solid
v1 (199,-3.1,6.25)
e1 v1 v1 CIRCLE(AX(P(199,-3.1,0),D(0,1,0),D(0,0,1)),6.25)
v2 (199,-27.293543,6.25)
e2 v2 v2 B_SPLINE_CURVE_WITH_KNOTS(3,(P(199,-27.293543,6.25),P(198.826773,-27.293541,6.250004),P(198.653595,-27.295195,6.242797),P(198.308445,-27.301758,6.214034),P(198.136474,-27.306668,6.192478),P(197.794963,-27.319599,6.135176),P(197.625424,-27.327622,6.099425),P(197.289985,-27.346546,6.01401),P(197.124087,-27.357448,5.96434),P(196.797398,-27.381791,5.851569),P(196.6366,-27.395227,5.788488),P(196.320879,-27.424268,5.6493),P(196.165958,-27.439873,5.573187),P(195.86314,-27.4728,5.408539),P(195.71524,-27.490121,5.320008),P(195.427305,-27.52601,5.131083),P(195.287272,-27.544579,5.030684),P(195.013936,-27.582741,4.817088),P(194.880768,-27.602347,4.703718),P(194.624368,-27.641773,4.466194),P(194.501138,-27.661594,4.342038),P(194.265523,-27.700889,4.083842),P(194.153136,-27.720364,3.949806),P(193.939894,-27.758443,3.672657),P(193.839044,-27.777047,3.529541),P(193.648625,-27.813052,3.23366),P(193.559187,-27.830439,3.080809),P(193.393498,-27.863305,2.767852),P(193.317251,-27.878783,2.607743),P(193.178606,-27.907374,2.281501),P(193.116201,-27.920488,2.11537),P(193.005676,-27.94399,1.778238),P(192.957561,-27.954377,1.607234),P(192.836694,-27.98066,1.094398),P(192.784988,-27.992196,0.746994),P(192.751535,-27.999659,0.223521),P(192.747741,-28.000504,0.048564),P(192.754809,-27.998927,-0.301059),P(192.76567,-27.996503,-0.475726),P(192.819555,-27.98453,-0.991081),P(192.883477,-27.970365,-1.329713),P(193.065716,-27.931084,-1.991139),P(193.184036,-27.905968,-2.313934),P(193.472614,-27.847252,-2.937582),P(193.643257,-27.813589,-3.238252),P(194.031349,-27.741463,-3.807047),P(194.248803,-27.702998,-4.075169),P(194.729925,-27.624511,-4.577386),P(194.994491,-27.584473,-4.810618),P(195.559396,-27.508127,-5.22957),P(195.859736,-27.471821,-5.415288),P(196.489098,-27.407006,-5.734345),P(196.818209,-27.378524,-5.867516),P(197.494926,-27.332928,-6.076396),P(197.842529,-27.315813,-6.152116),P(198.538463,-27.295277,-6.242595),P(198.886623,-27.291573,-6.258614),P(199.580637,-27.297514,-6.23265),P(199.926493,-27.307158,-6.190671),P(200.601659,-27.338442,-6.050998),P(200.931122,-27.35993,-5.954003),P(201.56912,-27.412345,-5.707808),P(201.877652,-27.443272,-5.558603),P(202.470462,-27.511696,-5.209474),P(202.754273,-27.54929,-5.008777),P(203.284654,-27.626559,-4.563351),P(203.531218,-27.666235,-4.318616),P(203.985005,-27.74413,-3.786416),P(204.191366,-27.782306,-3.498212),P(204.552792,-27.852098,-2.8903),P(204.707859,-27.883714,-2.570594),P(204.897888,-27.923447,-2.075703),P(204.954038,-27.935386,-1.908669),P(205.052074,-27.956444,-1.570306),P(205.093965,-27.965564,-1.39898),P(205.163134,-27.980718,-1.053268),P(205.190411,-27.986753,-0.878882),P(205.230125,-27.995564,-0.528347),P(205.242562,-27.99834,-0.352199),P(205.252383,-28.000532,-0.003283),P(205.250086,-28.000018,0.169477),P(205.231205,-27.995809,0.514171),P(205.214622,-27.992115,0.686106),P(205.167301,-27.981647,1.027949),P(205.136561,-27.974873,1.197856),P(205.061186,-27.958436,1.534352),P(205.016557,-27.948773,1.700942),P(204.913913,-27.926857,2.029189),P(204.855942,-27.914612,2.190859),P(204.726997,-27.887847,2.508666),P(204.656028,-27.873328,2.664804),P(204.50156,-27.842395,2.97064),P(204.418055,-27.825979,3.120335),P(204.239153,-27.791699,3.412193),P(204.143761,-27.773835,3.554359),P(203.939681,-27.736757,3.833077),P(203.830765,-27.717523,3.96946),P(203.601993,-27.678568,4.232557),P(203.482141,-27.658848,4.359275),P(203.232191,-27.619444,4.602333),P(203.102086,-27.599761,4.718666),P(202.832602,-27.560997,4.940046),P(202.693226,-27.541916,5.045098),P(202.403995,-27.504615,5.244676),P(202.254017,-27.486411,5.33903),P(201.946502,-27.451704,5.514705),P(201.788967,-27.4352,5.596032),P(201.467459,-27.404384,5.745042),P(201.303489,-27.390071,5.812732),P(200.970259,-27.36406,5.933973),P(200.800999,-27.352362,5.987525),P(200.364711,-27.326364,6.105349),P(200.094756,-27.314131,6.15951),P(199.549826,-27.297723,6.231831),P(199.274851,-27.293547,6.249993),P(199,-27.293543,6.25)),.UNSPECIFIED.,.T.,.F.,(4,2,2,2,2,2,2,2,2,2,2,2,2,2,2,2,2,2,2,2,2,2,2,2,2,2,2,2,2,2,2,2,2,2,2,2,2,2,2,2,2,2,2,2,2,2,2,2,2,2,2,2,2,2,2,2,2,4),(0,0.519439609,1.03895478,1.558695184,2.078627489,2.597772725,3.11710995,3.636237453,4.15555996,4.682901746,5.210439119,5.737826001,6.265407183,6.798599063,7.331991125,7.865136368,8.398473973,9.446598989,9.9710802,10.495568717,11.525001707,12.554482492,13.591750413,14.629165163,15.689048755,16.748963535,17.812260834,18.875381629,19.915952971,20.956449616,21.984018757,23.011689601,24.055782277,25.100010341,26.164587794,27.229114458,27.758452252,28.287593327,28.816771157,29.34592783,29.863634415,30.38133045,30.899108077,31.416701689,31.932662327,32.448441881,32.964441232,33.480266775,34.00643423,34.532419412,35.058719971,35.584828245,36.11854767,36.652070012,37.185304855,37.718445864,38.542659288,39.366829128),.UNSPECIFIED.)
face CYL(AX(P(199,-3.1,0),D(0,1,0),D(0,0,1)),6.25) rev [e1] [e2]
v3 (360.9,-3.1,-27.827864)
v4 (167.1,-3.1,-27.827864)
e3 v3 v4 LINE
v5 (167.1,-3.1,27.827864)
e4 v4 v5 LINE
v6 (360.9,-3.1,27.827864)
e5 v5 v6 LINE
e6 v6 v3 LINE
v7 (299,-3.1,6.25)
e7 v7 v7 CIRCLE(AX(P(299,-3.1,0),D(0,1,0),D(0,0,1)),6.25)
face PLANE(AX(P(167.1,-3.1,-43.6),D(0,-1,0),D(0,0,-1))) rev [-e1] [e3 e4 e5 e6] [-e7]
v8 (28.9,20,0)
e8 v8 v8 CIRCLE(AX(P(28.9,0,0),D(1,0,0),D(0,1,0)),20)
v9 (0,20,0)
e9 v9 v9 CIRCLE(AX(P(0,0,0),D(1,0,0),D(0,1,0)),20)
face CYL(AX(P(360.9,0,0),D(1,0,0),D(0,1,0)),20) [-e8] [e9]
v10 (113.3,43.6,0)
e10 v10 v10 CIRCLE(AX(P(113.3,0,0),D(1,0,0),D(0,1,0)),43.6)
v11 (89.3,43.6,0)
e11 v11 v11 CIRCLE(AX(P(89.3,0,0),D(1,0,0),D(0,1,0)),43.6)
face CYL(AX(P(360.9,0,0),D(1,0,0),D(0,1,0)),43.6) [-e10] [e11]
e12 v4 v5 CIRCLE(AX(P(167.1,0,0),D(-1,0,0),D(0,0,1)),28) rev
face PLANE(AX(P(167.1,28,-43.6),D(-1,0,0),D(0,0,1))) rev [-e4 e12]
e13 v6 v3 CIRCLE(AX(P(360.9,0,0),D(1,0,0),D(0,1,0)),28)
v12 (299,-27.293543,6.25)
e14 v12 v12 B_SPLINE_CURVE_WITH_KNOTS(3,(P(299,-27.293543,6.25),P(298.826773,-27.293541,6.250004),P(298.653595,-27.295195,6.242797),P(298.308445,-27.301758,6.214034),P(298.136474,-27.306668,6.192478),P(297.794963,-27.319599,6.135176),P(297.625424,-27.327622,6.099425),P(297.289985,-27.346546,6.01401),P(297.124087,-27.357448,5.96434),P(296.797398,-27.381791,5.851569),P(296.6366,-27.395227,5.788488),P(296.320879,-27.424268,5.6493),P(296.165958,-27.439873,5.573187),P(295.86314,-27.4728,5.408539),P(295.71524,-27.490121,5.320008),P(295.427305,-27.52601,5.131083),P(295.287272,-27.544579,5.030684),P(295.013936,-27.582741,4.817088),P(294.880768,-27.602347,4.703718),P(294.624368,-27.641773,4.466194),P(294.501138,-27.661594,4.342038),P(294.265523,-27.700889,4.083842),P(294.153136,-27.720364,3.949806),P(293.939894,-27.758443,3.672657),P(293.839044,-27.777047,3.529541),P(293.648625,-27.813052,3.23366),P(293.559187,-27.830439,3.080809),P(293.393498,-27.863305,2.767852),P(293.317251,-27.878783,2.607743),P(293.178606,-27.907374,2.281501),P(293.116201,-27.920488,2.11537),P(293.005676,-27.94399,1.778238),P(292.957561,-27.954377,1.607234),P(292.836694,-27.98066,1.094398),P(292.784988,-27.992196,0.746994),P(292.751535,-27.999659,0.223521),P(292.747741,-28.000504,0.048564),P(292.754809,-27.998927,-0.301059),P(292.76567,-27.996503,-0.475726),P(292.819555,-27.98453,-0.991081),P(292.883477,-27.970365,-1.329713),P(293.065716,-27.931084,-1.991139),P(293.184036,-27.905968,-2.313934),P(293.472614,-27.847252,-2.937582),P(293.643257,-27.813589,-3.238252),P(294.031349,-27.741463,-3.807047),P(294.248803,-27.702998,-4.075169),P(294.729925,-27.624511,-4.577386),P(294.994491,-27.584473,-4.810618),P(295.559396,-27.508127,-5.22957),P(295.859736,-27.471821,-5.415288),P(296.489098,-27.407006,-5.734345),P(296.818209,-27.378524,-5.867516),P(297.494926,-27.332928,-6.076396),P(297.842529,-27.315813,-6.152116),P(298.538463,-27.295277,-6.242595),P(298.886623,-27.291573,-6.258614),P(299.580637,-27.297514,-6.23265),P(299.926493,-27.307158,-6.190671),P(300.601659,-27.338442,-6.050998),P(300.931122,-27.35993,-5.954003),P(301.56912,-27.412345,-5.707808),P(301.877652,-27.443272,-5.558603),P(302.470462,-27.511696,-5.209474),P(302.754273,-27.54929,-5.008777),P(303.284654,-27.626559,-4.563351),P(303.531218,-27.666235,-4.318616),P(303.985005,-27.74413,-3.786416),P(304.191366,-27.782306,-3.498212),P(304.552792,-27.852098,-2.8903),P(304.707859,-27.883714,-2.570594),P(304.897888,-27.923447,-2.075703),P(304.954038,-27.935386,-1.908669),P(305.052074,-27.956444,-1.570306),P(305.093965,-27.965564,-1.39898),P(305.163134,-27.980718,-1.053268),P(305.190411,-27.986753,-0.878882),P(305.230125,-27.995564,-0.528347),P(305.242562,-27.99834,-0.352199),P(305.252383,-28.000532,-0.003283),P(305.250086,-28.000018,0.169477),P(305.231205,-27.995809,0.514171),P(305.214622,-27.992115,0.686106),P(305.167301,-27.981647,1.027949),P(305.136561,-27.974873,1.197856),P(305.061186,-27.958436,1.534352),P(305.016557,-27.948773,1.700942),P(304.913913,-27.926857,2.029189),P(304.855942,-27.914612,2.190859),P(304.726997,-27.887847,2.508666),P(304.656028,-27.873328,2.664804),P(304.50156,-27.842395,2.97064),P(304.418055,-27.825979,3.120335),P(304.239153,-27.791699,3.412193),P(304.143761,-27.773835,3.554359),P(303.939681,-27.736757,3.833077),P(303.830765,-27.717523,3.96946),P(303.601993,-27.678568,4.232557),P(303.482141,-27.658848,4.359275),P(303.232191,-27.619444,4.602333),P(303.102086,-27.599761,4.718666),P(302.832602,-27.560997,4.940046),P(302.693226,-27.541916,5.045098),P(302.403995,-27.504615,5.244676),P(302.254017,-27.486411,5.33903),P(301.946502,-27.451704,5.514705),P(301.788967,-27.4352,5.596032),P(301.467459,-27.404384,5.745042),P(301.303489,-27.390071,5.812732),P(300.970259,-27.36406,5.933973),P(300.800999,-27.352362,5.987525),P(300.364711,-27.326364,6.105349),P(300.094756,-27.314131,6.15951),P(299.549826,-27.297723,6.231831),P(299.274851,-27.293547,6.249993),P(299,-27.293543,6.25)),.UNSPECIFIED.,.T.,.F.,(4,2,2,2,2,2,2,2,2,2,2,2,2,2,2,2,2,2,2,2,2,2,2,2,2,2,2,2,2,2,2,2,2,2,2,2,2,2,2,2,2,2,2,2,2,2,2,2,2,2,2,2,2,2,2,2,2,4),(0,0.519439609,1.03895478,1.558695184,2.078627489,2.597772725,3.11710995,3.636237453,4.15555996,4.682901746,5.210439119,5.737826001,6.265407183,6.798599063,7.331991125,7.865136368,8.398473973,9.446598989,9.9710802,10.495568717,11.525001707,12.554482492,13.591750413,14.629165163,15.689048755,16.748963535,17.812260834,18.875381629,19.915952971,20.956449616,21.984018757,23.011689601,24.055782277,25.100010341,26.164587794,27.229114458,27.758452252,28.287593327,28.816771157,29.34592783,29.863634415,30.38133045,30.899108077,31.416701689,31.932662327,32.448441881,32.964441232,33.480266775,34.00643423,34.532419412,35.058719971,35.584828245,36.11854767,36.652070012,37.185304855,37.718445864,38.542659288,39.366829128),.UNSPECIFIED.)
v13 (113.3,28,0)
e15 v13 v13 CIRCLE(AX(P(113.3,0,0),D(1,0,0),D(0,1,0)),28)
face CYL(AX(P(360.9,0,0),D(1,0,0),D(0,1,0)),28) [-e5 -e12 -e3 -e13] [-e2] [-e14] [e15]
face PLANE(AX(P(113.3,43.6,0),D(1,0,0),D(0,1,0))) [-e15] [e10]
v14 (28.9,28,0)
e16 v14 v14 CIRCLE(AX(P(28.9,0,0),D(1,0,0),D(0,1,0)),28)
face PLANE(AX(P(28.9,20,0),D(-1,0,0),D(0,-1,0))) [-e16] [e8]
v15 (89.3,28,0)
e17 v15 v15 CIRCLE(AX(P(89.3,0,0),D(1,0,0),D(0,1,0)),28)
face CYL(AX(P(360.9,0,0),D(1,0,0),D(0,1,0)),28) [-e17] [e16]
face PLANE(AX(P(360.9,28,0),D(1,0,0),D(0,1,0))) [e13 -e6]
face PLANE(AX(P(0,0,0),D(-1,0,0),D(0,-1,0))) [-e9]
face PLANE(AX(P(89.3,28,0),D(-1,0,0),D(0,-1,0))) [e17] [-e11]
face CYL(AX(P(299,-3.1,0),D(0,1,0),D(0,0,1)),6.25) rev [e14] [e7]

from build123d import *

# Parameters (mm, degrees)
CUT_EXTRUDE1_DEPTH      = 367.129389697
CUT_EXTRUDE1_DEPTH_BACK = 367.129389697
SKETCH2_W               = 193.8
SKETCH2_H               = 31.1
HOLE1_D                 = 12.5


with BuildPart() as part:
    # Sketch1 → Revolve1 (revolve)
    with BuildSketch(Plane.XY):
        Polygon((0, 0), (0, 20), (28.9, 20), (28.9, 28), (89.3, 28), (89.3, 43.6), (113.3, 43.6), (113.3, 28), (360.9, 28), (360.9, 0), align=None)
    revolve(axis=Axis((360.9, 0, 0), (-1, 0, 0)))

    # Sketch2 → Cut-Extrude1 (cut, two sides: drawn at the far end of the back side and taken through both)
    with BuildSketch(Plane.XY.offset(-CUT_EXTRUDE1_DEPTH_BACK)):
        with Locations((264, 12.45)):
            Rectangle(SKETCH2_W, SKETCH2_H)
    extrude(amount=CUT_EXTRUDE1_DEPTH + CUT_EXTRUDE1_DEPTH_BACK, mode=Mode.SUBTRACT)

    # Hole1 (through all)
    with Locations(Plane(origin=(0, -3.1, 0), x_dir=(1, 0, 0), z_dir=(0, 1, 0))):
        with Locations((199, 0), (299, 0)):
            Hole(HOLE1_D / 2)


solid = part.part
